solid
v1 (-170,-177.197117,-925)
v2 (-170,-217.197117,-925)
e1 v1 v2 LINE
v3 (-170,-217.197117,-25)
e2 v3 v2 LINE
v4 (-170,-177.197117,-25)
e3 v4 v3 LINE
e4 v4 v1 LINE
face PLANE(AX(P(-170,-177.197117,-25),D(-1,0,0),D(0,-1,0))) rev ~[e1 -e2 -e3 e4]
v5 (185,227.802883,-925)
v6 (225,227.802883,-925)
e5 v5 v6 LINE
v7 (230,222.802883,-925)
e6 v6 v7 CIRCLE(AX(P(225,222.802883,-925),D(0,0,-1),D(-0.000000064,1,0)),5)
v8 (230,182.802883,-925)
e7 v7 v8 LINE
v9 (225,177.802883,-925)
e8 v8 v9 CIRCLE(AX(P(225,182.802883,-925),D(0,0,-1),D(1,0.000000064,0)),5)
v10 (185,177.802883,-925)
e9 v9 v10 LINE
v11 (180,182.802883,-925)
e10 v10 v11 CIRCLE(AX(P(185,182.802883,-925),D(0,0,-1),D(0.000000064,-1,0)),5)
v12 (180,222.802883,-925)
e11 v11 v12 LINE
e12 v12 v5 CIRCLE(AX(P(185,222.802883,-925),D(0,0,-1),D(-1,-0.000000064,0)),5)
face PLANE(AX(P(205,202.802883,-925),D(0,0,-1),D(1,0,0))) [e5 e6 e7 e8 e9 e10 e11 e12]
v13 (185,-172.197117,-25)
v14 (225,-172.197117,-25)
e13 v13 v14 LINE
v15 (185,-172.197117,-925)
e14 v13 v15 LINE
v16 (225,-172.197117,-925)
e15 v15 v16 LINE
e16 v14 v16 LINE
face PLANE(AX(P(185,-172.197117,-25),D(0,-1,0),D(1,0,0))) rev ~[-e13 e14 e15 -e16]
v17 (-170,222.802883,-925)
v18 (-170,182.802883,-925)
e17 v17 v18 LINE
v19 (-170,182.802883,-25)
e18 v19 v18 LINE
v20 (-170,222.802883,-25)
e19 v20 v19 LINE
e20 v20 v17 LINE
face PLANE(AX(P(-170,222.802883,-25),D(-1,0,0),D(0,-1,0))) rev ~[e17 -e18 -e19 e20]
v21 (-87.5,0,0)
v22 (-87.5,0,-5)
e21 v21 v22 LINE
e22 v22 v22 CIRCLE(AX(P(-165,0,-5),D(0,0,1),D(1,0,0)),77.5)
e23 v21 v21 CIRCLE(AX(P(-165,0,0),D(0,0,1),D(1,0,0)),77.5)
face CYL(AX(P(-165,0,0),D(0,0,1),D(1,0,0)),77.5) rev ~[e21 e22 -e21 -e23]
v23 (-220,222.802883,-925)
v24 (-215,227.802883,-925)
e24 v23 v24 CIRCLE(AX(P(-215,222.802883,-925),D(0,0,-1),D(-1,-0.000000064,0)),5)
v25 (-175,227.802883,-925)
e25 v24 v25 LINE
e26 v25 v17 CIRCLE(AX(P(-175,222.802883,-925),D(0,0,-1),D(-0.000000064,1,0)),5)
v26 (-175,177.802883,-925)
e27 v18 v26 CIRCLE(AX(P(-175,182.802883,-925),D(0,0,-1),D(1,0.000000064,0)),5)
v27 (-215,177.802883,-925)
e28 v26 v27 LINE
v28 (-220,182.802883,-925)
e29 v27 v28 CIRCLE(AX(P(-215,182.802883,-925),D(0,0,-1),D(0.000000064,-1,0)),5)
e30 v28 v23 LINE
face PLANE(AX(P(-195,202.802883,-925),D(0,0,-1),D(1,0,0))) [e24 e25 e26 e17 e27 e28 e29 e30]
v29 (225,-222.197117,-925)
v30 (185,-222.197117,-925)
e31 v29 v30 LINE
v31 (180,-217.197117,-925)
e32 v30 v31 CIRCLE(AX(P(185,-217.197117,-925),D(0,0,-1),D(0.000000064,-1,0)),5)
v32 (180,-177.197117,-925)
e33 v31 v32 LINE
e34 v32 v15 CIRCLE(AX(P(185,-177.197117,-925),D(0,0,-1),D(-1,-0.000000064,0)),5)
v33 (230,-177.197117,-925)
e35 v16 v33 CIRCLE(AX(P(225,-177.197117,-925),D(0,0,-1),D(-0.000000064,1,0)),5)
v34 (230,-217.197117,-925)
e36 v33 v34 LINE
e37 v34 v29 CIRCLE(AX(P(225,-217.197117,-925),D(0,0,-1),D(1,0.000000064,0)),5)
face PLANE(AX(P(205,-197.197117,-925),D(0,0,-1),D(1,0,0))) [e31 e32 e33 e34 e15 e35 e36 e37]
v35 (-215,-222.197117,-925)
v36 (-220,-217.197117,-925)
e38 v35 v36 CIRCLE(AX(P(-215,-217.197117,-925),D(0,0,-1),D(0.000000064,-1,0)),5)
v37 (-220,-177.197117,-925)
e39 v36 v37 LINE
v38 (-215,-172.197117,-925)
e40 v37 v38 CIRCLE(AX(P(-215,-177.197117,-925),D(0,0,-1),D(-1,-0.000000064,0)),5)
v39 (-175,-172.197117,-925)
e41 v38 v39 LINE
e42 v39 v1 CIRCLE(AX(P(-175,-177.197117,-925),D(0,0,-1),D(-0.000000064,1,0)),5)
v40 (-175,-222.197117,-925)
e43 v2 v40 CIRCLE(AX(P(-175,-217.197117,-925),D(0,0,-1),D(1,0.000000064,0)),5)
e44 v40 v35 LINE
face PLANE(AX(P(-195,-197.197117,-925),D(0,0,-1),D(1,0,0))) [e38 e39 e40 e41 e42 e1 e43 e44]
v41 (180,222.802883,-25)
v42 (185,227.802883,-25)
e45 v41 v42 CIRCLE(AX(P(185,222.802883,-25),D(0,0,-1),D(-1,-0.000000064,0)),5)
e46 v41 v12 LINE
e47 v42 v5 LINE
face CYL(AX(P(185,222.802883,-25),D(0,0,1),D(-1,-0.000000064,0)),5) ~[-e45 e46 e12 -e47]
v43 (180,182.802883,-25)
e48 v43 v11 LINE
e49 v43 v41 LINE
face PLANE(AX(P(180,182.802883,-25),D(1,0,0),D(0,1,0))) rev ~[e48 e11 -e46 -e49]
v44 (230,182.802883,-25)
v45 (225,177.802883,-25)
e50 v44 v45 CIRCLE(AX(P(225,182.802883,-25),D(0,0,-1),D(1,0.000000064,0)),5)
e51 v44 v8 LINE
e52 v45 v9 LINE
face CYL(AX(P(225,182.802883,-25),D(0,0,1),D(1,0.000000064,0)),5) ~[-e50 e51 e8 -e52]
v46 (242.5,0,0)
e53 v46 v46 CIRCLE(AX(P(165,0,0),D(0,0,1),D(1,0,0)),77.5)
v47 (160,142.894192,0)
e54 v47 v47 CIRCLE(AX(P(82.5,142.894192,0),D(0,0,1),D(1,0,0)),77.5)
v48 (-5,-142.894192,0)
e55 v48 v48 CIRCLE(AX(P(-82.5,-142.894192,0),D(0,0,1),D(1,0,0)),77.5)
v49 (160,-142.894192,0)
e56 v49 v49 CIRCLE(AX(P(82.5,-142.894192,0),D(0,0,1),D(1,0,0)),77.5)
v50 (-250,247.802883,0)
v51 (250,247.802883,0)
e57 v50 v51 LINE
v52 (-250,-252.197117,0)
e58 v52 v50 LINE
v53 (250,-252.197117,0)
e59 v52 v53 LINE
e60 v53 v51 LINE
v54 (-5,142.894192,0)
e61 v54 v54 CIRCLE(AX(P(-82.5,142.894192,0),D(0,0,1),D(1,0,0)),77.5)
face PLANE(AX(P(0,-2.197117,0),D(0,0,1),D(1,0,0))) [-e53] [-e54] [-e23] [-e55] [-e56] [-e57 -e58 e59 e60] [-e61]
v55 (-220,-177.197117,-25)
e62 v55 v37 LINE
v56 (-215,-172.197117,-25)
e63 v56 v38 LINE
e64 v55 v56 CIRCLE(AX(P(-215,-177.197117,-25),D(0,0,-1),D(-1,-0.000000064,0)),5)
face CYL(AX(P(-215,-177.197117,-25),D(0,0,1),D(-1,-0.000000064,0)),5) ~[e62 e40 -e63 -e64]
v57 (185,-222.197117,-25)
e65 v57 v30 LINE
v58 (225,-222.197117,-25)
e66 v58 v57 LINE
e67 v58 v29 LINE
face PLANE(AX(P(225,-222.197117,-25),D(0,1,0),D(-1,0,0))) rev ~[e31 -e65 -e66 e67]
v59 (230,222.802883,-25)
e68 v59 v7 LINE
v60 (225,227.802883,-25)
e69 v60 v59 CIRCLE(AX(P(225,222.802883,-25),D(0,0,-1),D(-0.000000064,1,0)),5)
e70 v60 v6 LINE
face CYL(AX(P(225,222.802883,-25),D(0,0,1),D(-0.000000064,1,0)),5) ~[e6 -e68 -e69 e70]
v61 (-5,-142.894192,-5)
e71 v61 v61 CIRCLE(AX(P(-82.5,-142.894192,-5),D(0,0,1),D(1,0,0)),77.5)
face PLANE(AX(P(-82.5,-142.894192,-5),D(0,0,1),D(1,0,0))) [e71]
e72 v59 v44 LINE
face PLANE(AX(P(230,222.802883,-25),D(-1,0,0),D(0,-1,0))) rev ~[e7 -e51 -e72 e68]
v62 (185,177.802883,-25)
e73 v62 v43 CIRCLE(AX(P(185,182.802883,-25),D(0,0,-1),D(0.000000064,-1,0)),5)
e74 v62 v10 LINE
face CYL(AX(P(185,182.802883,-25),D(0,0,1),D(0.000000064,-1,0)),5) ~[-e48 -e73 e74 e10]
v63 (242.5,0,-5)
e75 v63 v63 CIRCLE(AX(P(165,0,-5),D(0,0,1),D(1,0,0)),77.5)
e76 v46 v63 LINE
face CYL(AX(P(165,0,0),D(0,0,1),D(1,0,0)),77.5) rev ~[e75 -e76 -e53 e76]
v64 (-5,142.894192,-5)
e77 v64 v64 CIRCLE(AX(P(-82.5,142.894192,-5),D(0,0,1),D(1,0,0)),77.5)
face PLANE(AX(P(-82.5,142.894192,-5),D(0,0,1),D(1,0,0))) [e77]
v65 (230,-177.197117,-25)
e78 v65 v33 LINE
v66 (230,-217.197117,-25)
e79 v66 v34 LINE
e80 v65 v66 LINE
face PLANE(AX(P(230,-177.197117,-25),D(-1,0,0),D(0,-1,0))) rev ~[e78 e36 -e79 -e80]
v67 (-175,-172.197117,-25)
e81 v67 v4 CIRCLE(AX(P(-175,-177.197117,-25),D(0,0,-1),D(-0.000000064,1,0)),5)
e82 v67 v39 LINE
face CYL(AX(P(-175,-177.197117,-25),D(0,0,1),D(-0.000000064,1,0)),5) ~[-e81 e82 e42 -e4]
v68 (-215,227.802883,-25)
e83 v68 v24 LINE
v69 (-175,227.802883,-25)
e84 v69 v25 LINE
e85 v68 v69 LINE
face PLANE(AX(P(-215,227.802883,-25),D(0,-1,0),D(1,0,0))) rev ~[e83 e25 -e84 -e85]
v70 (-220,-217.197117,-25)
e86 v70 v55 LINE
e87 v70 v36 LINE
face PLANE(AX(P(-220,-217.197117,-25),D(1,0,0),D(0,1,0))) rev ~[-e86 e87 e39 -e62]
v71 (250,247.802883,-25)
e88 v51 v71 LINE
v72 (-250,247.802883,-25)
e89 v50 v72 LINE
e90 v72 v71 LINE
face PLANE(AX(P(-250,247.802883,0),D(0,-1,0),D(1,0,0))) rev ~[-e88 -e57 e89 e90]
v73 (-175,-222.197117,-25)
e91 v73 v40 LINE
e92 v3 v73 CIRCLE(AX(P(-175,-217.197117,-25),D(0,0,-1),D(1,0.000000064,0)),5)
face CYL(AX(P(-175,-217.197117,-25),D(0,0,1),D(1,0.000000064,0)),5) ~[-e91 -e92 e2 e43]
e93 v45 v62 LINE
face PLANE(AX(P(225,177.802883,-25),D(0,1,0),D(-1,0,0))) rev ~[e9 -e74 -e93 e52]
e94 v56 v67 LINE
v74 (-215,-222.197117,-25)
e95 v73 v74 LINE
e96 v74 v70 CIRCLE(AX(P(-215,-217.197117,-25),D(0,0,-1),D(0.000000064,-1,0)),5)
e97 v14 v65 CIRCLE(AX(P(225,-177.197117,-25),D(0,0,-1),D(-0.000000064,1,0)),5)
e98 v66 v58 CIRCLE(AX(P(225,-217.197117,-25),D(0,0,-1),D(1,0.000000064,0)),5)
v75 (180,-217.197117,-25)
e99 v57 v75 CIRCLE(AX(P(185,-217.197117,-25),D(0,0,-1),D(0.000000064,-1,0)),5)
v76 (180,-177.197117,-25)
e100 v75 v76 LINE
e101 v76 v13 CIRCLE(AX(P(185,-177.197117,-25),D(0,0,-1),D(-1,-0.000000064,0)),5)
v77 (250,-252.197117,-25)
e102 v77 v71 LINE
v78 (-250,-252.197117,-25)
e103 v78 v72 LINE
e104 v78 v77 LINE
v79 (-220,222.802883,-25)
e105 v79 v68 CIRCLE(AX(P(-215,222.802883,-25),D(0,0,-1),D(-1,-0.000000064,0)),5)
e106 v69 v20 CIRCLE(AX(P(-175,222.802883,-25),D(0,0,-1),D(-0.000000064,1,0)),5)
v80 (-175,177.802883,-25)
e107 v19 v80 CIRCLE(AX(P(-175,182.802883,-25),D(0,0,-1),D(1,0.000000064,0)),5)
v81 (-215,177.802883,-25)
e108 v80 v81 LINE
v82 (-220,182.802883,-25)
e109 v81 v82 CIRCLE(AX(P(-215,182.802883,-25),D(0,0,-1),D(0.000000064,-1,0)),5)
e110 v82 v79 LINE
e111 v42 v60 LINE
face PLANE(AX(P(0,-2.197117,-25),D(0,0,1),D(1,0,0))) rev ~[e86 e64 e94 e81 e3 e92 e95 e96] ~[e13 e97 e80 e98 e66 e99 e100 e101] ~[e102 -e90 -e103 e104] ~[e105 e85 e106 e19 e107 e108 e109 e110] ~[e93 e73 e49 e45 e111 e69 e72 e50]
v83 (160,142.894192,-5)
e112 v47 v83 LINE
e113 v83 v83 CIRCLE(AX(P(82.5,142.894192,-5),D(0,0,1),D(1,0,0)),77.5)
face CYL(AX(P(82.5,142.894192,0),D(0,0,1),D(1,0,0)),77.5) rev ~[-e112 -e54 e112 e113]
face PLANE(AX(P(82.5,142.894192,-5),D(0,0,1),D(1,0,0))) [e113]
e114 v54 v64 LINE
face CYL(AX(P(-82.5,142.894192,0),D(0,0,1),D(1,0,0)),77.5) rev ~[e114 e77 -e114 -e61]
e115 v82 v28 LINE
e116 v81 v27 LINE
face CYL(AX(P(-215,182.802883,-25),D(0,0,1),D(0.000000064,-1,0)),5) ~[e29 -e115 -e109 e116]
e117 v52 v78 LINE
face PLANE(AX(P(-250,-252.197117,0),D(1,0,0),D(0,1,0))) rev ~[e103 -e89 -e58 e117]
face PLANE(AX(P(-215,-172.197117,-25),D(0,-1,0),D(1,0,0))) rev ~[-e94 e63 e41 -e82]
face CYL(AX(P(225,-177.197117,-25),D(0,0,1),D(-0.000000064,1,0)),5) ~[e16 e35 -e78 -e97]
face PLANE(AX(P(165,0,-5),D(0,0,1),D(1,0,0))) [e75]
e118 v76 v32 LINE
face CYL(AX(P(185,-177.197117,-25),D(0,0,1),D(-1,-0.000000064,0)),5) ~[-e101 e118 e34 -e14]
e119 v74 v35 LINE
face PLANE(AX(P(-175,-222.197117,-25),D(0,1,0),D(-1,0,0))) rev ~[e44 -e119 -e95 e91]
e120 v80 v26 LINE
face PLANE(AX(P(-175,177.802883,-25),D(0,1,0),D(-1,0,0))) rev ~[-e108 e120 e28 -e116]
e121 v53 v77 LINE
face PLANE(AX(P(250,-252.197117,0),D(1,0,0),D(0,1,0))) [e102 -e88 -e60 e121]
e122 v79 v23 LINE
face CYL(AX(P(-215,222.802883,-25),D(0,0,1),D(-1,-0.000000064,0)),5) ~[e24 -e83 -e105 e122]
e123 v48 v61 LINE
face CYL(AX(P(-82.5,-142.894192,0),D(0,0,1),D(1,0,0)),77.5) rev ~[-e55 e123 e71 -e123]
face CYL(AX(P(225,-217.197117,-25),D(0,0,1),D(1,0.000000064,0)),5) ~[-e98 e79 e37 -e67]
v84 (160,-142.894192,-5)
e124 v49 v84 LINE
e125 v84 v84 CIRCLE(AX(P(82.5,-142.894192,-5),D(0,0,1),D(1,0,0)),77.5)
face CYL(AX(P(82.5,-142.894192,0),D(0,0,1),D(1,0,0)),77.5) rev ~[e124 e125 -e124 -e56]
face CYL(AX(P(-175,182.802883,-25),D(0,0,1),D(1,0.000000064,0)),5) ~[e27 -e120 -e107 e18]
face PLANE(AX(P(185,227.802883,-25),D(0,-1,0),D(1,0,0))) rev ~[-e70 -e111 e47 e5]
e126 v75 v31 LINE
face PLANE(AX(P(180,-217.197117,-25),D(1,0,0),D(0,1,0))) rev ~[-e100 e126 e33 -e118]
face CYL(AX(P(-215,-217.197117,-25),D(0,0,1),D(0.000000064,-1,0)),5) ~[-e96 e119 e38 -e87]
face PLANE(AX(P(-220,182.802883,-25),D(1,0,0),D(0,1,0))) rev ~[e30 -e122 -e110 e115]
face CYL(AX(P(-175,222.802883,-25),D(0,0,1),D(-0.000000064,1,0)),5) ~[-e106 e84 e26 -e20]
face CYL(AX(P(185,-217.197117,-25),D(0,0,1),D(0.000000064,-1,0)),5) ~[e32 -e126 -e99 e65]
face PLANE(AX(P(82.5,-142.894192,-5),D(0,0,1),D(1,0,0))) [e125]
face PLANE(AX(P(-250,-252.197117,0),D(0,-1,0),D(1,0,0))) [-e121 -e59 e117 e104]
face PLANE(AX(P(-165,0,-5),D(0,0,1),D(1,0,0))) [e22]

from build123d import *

# Parameters (mm, degrees)
F0_W     = 500
F0_H     = 500
F0_R     = 77.5
F1_DEPTH = 25
F2_DEPTH = 5
F4_DEPTH = 900


with BuildPart() as f1:
    # F0 (on Top) → F1 (new body)
    with BuildSketch(Plane.XY):
        with Locations((0, -2.197117)):
            Rectangle(F0_W, F0_H)
        with Locations((-82.5, -142.894192)):
            Circle(F0_R, mode=Mode.SUBTRACT)
        with Locations((82.5, -142.894192)):
            Circle(F0_R, mode=Mode.SUBTRACT)
        with Locations((-165, 0)):
            Circle(F0_R, mode=Mode.SUBTRACT)
        with Locations((-82.5, 142.894192)):
            Circle(F0_R, mode=Mode.SUBTRACT)
        with Locations((165, 0)):
            Circle(F0_R, mode=Mode.SUBTRACT)
        with Locations((82.5, 142.894192)):
            Circle(F0_R, mode=Mode.SUBTRACT)
        with Locations((-82.5, 142.894192)):
            Circle(F0_R)
        with Locations((82.5, 142.894192)):
            Circle(F0_R)
        with Locations((165, 0)):
            Circle(F0_R)
        with Locations((-165, 0)):
            Circle(F0_R)
        with Locations((-82.5, -142.894192)):
            Circle(F0_R)
        with Locations((82.5, -142.894192)):
            Circle(F0_R)
    extrude(amount=-F1_DEPTH)

    # F0 (on Top) → F2 (cut)
    with BuildSketch(Plane.XY):
        with Locations((-82.5, 142.894192)):
            Circle(F0_R)
        with Locations((82.5, 142.894192)):
            Circle(F0_R)
        with Locations((165, 0)):
            Circle(F0_R)
        with Locations((82.5, -142.894192)):
            Circle(F0_R)
        with Locations((-82.5, -142.894192)):
            Circle(F0_R)
        with Locations((-165, 0)):
            Circle(F0_R)
    extrude(amount=-F2_DEPTH, mode=Mode.SUBTRACT)

    # F3 (on face) → F4 (join)
    with BuildSketch(Plane(origin=(0, 0, -25), x_dir=(1, 0, 0), z_dir=(0, 0, -1))):
        with BuildLine():
            ThreePointArc((225, 172.197117), (228.535534, 173.661583), (230, 177.197117))
            Line((230, 177.197117), (230, 217.197117))
            ThreePointArc((230, 217.197117), (228.535534, 220.732651), (225, 222.197117))
            Line((225, 222.197117), (185, 222.197117))
            ThreePointArc((185, 222.197117), (181.464466, 220.732651), (180, 217.197117))
            Line((180, 217.197117), (180, 177.197117))
            ThreePointArc((180, 177.197117), (181.464466, 173.661583), (185, 172.197117))
            Line((185, 172.197117), (225, 172.197117))
        make_face()
        with BuildLine():
            ThreePointArc((-175, 172.197117), (-171.464466, 173.661583), (-170, 177.197117))
            Line((-170, 177.197117), (-170, 217.197117))
            ThreePointArc((-170, 217.197117), (-171.464466, 220.732651), (-175, 222.197117))
            Line((-175, 222.197117), (-215, 222.197117))
            ThreePointArc((-215, 222.197117), (-218.535534, 220.732651), (-220, 217.197117))
            Line((-220, 217.197117), (-220, 177.197117))
            ThreePointArc((-220, 177.197117), (-218.535534, 173.661583), (-215, 172.197117))
            Line((-215, 172.197117), (-175, 172.197117))
        make_face()
        with BuildLine():
            ThreePointArc((-175, -227.802883), (-171.464466, -226.338417), (-170, -222.802883))
            Line((-170, -222.802883), (-170, -182.802883))
            ThreePointArc((-170, -182.802883), (-171.464466, -179.267349), (-175, -177.802883))
            Line((-175, -177.802883), (-215, -177.802883))
            ThreePointArc((-215, -177.802883), (-218.535534, -179.267349), (-220, -182.802883))
            Line((-220, -182.802883), (-220, -222.802883))
            ThreePointArc((-220, -222.802883), (-218.535534, -226.338417), (-215, -227.802883))
            Line((-215, -227.802883), (-175, -227.802883))
        make_face()
        with BuildLine():
            Line((185, -227.802883), (225, -227.802883))
            ThreePointArc((225, -227.802883), (228.535534, -226.338417), (230, -222.802883))
            Line((230, -222.802883), (230, -182.802883))
            ThreePointArc((230, -182.802883), (228.535534, -179.267349), (225, -177.802883))
            Line((225, -177.802883), (185, -177.802883))
            ThreePointArc((185, -177.802883), (181.464466, -179.267349), (180, -182.802883))
            Line((180, -182.802883), (180, -222.802883))
            ThreePointArc((180, -222.802883), (181.464466, -226.338417), (185, -227.802883))
        make_face()
    extrude(amount=F4_DEPTH)


solid = f1.part
